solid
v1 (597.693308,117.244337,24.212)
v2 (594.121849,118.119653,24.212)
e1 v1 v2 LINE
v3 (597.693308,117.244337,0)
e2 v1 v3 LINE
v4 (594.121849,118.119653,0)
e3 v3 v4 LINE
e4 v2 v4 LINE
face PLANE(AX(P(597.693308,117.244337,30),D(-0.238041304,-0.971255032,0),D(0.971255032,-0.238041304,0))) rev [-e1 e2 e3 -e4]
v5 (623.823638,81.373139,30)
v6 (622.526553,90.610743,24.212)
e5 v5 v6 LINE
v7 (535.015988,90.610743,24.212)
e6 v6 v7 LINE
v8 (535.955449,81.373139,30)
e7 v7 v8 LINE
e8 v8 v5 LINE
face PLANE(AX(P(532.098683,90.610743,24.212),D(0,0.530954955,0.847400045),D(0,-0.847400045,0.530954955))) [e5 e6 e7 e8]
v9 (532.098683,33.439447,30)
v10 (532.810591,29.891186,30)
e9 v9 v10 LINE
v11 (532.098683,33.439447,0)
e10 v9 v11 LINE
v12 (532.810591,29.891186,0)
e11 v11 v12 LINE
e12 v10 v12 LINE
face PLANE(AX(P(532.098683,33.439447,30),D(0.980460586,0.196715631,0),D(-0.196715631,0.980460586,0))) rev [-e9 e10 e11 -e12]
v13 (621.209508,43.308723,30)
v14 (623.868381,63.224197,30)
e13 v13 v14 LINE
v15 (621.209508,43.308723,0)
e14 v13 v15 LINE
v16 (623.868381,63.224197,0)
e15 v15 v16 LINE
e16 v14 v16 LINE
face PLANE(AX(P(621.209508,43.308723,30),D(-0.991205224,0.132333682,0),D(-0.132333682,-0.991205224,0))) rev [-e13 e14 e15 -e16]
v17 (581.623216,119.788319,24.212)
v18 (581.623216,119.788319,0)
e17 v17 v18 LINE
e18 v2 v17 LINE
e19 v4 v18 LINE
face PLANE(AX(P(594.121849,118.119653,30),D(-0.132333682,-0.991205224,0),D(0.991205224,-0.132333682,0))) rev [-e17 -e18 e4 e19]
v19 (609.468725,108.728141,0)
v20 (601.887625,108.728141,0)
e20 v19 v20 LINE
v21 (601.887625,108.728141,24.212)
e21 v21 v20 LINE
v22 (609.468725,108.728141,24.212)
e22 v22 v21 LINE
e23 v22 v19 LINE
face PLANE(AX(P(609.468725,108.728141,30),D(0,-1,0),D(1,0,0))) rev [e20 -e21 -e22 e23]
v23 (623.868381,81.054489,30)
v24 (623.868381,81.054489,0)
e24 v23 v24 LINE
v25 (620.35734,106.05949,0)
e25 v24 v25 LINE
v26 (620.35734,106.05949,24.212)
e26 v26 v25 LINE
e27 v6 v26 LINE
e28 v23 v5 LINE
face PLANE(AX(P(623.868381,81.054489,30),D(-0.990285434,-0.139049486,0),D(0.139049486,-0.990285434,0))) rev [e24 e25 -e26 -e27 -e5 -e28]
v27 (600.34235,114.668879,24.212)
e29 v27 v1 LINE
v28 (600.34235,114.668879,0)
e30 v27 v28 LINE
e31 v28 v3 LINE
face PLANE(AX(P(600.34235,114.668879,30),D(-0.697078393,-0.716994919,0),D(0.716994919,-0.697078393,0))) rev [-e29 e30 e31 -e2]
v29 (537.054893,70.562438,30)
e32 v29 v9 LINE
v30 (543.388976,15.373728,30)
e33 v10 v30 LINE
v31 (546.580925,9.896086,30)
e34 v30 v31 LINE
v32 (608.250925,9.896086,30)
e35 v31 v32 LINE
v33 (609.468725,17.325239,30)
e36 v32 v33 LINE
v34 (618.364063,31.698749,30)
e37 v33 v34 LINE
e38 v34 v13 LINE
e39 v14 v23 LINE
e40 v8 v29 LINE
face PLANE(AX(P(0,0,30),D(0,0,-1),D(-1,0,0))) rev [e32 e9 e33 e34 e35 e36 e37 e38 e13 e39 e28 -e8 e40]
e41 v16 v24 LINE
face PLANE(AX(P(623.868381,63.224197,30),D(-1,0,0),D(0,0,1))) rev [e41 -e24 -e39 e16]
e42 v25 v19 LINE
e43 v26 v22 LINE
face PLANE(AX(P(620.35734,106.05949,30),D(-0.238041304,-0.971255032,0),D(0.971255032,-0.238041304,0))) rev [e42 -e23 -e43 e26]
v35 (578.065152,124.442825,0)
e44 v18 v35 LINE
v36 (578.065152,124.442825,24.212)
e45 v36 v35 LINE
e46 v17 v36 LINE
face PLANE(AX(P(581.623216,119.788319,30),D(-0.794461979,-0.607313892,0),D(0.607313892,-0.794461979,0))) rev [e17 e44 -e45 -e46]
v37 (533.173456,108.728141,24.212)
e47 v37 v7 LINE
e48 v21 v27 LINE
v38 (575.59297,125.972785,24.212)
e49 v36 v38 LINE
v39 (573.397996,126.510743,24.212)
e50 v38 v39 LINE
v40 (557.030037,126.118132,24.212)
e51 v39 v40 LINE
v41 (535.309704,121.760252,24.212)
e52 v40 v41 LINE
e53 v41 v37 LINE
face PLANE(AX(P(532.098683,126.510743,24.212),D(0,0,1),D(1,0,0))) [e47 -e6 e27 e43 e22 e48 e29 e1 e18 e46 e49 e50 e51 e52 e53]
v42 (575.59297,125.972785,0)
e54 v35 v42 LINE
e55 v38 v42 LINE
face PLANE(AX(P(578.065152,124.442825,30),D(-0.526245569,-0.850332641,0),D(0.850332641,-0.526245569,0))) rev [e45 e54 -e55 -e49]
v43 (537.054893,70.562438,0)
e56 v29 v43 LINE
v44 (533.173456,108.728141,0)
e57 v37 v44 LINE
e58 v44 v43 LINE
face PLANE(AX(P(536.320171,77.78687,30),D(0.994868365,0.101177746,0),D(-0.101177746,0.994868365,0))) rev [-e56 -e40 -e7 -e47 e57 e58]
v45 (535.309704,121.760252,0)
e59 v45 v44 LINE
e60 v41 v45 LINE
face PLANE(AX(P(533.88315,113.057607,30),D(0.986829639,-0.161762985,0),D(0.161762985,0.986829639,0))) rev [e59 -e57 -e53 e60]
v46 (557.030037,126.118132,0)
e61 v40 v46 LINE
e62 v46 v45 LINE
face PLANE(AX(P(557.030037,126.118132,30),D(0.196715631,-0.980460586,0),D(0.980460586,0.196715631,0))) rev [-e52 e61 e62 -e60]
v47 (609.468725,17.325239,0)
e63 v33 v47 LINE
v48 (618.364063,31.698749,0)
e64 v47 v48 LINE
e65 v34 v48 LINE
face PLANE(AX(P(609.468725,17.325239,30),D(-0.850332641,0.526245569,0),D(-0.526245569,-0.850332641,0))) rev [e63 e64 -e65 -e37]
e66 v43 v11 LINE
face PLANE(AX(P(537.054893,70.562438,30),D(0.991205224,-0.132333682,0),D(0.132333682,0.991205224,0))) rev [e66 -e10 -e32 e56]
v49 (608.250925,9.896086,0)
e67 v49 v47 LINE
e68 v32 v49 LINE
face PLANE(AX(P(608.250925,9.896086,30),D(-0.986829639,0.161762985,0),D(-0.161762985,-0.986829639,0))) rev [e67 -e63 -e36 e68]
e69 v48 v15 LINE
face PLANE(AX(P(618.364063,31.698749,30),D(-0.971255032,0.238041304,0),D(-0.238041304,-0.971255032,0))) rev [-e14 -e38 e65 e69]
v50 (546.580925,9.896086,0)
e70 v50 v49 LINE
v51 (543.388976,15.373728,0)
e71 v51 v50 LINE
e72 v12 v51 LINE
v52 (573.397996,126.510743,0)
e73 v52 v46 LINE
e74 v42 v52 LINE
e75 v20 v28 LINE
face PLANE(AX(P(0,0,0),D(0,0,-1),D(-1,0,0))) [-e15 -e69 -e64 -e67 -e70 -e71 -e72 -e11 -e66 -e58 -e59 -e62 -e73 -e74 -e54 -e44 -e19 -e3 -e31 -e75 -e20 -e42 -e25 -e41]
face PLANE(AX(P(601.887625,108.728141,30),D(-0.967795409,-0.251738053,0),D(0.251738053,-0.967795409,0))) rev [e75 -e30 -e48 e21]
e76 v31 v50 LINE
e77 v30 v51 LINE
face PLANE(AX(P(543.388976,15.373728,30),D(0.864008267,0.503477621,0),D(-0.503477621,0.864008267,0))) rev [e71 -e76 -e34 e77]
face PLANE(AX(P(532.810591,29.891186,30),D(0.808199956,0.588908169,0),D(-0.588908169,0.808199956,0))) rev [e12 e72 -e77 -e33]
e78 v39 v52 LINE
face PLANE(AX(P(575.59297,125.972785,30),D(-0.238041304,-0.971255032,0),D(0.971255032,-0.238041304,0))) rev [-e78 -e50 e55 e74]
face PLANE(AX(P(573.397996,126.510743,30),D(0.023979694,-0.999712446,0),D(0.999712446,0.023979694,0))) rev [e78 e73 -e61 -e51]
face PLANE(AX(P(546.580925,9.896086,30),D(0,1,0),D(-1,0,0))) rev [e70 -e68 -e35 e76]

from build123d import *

# Parameters (mm, degrees)
BOSS_EXTRUDE1_DEPTH     = 30
CUT_EXTRUDE2_DEPTH      = 161.362841695
CUT_EXTRUDE2_DEPTH_BACK = 161.362841695


with BuildPart() as part:
    # Sketch1 → Boss-Extrude1 (new body)
    with BuildSketch(Plane.XY):
        Polygon((546.580924534, 9.896085679), (608.250924534, 9.896085679), (609.468725462, 17.325239217), (618.364062826, 31.698748766), (621.209508482, 43.308723045), (623.868380606, 63.224196603), (623.868380606, 81.054488799), (620.357339754, 106.059490311), (609.468725462, 108.728140515), (601.88762533, 108.728140515), (600.342350418, 114.668879106), (597.693307712, 117.244337292), (594.121848564, 118.119653006), (581.623216062, 119.788318601), (578.065152196, 124.442825109), (575.59297034, 125.972784898), (573.39799577, 126.510743097), (557.030037078, 126.118131563), (535.309704018, 121.76025213), (533.883150006, 113.057607434), (533.173455584, 108.728140515), (536.320171406, 77.786869686), (537.054893461, 70.562437811), (532.098682684, 33.439447285), (532.810591456, 29.891185826), (543.388975695, 15.373727724), align=None)
    extrude(amount=BOSS_EXTRUDE1_DEPTH)

    # Sketch2 → Cut-Extrude2 (cut, two sides: drawn at the far end of the back side and taken through both)
    with BuildSketch(Plane(origin=(530, 0, 0), x_dir=(0, 0, -1), z_dir=(1, 0, 0)).offset(-CUT_EXTRUDE2_DEPTH_BACK)):
        Polygon((-24.212, 126.510743097), (-24.212, 90.610743097), (-30, 81.373139386), (-30, 126.510743097), align=None)
    extrude(amount=CUT_EXTRUDE2_DEPTH + CUT_EXTRUDE2_DEPTH_BACK, mode=Mode.SUBTRACT)


solid = part.part
